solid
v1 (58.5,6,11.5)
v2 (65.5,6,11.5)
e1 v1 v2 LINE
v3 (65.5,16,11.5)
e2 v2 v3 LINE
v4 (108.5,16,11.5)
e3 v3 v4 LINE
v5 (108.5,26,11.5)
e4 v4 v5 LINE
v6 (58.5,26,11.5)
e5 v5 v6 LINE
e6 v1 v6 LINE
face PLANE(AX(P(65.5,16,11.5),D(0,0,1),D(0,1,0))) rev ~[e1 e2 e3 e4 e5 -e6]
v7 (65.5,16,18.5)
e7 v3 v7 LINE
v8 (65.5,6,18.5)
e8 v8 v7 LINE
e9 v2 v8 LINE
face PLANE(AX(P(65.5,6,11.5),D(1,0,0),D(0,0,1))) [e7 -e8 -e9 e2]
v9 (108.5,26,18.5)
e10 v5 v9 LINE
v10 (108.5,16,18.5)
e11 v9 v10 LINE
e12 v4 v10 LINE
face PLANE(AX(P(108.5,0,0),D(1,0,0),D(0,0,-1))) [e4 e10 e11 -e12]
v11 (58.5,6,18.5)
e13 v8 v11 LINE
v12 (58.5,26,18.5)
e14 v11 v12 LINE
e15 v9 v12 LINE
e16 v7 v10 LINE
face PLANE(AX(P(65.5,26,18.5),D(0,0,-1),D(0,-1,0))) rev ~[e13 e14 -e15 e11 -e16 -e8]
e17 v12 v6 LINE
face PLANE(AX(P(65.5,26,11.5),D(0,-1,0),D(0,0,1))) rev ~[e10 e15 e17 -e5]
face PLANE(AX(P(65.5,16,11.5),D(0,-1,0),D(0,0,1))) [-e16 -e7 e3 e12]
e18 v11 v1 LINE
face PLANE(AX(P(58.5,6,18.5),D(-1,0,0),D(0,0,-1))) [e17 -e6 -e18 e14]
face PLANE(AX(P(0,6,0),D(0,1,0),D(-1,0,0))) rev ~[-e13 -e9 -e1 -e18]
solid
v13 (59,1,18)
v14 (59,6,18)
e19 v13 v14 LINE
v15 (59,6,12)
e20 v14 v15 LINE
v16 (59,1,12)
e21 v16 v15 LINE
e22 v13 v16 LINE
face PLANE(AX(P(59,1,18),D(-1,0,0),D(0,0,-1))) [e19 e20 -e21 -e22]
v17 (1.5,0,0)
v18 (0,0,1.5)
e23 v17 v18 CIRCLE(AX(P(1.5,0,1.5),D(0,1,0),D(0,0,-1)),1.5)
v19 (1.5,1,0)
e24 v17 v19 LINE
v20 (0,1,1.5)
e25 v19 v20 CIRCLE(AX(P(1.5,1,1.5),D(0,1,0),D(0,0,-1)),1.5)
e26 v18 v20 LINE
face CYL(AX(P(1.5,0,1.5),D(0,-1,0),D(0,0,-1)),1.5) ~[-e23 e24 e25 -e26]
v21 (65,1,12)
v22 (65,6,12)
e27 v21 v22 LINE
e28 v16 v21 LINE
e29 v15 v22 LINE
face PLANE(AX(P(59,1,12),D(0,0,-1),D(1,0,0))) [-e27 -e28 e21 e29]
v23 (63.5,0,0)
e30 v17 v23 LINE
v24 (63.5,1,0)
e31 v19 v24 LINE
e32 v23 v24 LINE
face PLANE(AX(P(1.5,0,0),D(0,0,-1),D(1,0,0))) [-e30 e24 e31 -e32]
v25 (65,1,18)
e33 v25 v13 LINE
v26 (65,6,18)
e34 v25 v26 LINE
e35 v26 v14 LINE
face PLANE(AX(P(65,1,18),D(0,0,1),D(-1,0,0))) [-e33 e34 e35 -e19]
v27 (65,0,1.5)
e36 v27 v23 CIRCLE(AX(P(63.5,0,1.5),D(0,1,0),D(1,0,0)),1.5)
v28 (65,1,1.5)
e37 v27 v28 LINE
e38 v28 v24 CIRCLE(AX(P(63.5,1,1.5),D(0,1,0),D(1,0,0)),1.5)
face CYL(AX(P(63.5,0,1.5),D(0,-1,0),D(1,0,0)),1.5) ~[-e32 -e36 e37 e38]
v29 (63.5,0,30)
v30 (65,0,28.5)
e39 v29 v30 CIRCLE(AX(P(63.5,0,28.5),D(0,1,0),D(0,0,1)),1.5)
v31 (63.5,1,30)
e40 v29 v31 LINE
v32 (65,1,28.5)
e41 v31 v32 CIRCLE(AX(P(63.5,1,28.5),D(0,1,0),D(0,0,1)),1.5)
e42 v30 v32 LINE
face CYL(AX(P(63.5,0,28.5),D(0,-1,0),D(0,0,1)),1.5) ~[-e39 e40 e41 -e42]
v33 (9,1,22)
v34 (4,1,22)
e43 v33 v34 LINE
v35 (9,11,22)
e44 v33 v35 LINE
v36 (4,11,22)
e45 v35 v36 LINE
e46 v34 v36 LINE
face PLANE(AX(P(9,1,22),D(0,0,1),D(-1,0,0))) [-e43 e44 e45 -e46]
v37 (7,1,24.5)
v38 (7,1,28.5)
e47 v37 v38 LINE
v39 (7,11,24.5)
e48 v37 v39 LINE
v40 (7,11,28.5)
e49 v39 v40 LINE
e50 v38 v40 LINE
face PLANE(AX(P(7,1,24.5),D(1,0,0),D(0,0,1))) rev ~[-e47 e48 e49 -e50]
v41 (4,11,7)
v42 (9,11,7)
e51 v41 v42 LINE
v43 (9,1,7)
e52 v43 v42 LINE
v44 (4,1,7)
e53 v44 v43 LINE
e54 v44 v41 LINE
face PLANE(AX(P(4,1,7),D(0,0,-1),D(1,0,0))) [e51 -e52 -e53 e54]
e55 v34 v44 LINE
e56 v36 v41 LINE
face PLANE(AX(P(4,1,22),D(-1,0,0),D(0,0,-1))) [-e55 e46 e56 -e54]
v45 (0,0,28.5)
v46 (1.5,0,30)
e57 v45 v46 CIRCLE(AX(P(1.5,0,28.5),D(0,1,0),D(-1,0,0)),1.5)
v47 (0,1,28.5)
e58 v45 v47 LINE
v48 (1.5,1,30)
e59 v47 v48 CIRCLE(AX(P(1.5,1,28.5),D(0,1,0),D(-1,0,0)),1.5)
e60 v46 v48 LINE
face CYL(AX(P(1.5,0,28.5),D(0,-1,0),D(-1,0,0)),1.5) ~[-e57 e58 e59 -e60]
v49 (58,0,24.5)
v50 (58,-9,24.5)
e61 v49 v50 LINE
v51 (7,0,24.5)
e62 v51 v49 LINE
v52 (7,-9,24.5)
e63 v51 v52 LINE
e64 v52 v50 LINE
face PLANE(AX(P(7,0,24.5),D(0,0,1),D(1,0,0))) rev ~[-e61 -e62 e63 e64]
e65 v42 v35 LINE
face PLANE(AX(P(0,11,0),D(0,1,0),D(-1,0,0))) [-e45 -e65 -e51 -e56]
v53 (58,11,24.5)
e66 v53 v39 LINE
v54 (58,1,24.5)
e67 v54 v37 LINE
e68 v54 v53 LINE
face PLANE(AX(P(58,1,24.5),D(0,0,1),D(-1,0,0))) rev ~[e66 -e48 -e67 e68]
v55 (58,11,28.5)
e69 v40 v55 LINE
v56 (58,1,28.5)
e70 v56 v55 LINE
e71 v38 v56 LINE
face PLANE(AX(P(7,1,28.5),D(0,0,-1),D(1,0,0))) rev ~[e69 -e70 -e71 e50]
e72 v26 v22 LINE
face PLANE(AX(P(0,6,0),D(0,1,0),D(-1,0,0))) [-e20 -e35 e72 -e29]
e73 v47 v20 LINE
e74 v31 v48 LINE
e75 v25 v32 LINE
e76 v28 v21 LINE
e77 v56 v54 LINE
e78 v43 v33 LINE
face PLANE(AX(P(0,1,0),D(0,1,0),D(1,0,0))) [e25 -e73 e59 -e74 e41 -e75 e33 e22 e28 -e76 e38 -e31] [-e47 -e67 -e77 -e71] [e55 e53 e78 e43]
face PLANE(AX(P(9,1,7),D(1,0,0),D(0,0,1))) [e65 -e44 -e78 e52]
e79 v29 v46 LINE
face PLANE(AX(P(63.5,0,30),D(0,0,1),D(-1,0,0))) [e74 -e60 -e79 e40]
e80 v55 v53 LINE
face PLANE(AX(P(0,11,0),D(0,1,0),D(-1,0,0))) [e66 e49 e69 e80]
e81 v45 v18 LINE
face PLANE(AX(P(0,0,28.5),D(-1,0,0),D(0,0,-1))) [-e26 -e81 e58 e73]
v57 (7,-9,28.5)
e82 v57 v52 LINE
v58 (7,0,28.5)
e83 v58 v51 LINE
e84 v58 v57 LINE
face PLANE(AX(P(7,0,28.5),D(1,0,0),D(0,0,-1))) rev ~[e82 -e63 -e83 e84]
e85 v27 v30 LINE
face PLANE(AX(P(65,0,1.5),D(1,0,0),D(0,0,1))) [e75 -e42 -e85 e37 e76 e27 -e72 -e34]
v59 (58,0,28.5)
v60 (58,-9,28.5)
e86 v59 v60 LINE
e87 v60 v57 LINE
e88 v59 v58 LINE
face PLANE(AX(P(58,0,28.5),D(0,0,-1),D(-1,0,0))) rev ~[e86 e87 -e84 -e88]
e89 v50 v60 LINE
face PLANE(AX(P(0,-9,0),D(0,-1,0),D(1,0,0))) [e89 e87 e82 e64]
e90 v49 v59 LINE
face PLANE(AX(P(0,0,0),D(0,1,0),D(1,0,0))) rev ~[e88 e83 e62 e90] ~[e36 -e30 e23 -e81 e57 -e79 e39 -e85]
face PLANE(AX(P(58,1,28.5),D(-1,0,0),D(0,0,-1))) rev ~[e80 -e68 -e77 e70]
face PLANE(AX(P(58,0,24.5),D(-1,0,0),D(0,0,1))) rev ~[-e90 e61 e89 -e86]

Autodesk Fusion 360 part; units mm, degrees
sketch "Sketch1" plane through (0, 0, 0) normal (0, 1, 0) x (1, 0, 0)
  line L0 (1.5, 0) -> (63.5, 0)
  line L1 (65, -1.5) -> (65, -28.5)
  line L2 (63.5, -30) -> (1.5, -30)
  line L3 (0, -28.5) -> (0, -1.5)
  arc A0 (1.5, 0) -> (0, -1.5) centre (1.5, -1.5) ccw
  arc A1 (65, -1.5) -> (63.5, 0) centre (63.5, -1.5) ccw
  arc A2 (63.5, -30) -> (65, -28.5) centre (63.5, -28.5) ccw
  arc A3 (0, -28.5) -> (1.5, -30) centre (1.5, -28.5) ccw
  point P0 (65, 0)
  point P1 (0, -30)
  dimension "d1" = 65
  dimension "d2" = 30
  dimension "d3" = 1.5
  dimension "d4" = 1.5
  dimension "d5" = 1.5
  dimension "d6" = 1.5
extrude "Extrude6" add sketch "Sketch1" along normal blind 1 makes body 1
sketch "Sketch4" plane through (0, 1, 0) normal (0, 1, 0) x (-1, 0, 0)
  arc A0 (-1.5, 0) -> (0, 1.5) centre (-1.5, 1.5) ccw
  line L0 (0, 1.5) -> (0, 28.5)
  arc A1 (0, 28.5) -> (-1.5, 30) centre (-1.5, 28.5) ccw
  line L1 (-1.5, 30) -> (-63.5, 30)
  arc A2 (-63.5, 30) -> (-65, 28.5) centre (-63.5, 28.5) ccw
  line L2 (-65, 28.5) -> (-65, 1.5)
  arc A3 (-65, 1.5) -> (-63.5, 0) centre (-63.5, 1.5) ccw
  line L3 (-63.5, 0) -> (-1.5, 0)
  line L4 (0, 28.5) -> (-7, 28.5) construction
  line L5 (-65, 28.5) -> (-58, 28.5) construction
  line L6 (-7, 28.5) -> (-58, 28.5)
  line L7 (-58, 28.5) -> (-58, 24.5)
  line L8 (-58, 24.5) -> (-7, 24.5)
  line L9 (-7, 24.5) -> (-7, 28.5)
  dimension "d20" = 7
  dimension "d21" = 7
  dimension "d22" = 4
  dimension "d57" = 7
  dimension "d58" = 7
extrude "Extrude7" add sketch "Sketch4" along normal blind 10 contours L6 L7 L8 L9 bodies 1
sketch "Sketch6" plane through (0, 1, 0) normal (0, 1, 0) x (-1, 0, 0)
  line L0 (-7, 24.5) -> (-58, 24.5)
  line L1 (-58, 24.5) -> (-58, 28.5)
  line L2 (-58, 28.5) -> (-7, 28.5)
  line L3 (-7, 28.5) -> (-7, 24.5)
  arc A0 (-1.5, 0) -> (0, 1.5) centre (-1.5, 1.5) ccw
  line L4 (0, 1.5) -> (0, 28.5)
  arc A1 (0, 28.5) -> (-1.5, 30) centre (-1.5, 28.5) ccw
  line L5 (-1.5, 30) -> (-63.5, 30)
  arc A2 (-63.5, 30) -> (-65, 28.5) centre (-63.5, 28.5) ccw
  line L6 (-65, 28.5) -> (-65, 1.5)
  arc A3 (-65, 1.5) -> (-63.5, 0) centre (-63.5, 1.5) ccw
  line L7 (-63.5, 0) -> (-1.5, 0)
  line L8 (-59, 12) -> (-65, 12)
  line L9 (-65, 12) -> (-65, 18)
  line L10 (-65, 18) -> (-59, 18)
  line L11 (-59, 18) -> (-59, 12)
  line L12 (-1.5, 0) -> (-63.5, 0)
  line L13 (-63.5, 30) -> (-1.5, 30)
  line L14 (-65, 1.5) -> (-65, 28.5)
  dimension "d29" = 6
  dimension "d30" = 6
extrude "Extrude8" add sketch "Sketch6" along normal blind 5 contours L6 L8 L9 L10 L11 L14 bodies 1
sketch "Sketch7" plane through (0, 1, 0) normal (0, 1, 0) x (-1, 0, 0)
  line L0 (-65, 18) -> (-59, 18)
  line L1 (-59, 18) -> (-59, 12)
  line L2 (-59, 12) -> (-65, 12)
  line L3 (-65, 12) -> (-65, 1.5)
  arc A0 (-65, 1.5) -> (-63.5, 0) centre (-63.5, 1.5) ccw
  line L4 (-63.5, 0) -> (-1.5, 0)
  arc A1 (-1.5, 0) -> (0, 1.5) centre (-1.5, 1.5) ccw
  line L5 (0, 1.5) -> (0, 28.5)
  arc A2 (0, 28.5) -> (-1.5, 30) centre (-1.5, 28.5) ccw
  line L6 (-1.5, 30) -> (-63.5, 30)
  arc A3 (-63.5, 30) -> (-65, 28.5) centre (-63.5, 28.5) ccw
  line L7 (-65, 28.5) -> (-65, 18)
  line L8 (-7, 24.5) -> (-58, 24.5)
  line L9 (-58, 24.5) -> (-58, 28.5)
  line L10 (-58, 28.5) -> (-7, 28.5)
  line L11 (-7, 28.5) -> (-7, 24.5)
  line L12 (-4, 7) -> (-9, 7)
  line L13 (-9, 7) -> (-9, 22)
  line L14 (-9, 22) -> (-4, 22)
  line L15 (-4, 22) -> (-4, 7)
  line L16 (0, 28.5) -> (0, 1.5)
  line L17 (-1.5, 0) -> (-63.5, 0)
  dimension "d38" = 5
  dimension "d39" = 15
  dimension "d40" = 4
  dimension "d41" = 7
extrude "Extrude9" add sketch "Sketch7" along normal blind 10 contours L12 L13 L14 L15 bodies 1
sketch "Sketch8" plane through (0, 6, 0) normal (0, 1, 0) x (-1, 0, 0)
  line L0 (-59, 12) -> (-59, 18)
  line L1 (-59, 18) -> (-65, 18)
  line L2 (-65, 18) -> (-65, 12)
  line L3 (-65, 12) -> (-59, 12)
  line L4 (-58.5, 11.5) -> (-65.5, 11.5)
  line L5 (-65.5, 11.5) -> (-65.5, 18.5)
  line L6 (-65.5, 18.5) -> (-58.5, 18.5)
  line L7 (-58.5, 18.5) -> (-58.5, 11.5)
  line L8 (-58.5, 11.5) -> (-65.5, 18.5) construction
  line L9 (-65.5, 11.5) -> (-58.5, 18.5) construction
  point P0 (-62, 15)
  point P1 (-62, 15)
  dimension "d46" = 3
  dimension "d47" = 3
  dimension "d48" = 7
  dimension "d49" = 7
extrude "Extrude1" add sketch "Sketch8" along normal blind 20 separate body contours L0 L1 L2 L3 | L4 L5 L6 L7 makes body 2 in component "Antenna"
sketch "Sketch1 (2)" plane through (65.5, 0, 0) normal (1, 0, 0) x (0, 0, -1) in component "Antenna"
  line L0 (-18.5, 6) -> (-11.5, 6)
  line L1 (-11.5, 6) -> (-11.5, 26)
  line L2 (-11.5, 26) -> (-18.5, 26)
  line L3 (-18.5, 26) -> (-18.5, 6)
  line L4 (-18.5, 26) -> (-11.5, 26)
  line L5 (-11.5, 26) -> (-11.5, 16)
  line L6 (-11.5, 16) -> (-18.5, 16)
  line L7 (-18.5, 16) -> (-18.5, 26)
  dimension "d52" = 10
extrude "Extrude2" add sketch "Sketch1 (2)" along normal blind 43 contours L1 L2 L3 L4 L5 L6 L7 bodies 2 in component "Antenna"
sketch "Sketch10" plane through (0, 0, 0) normal (0, -1, 0) x (1, 0, 0)
  arc A0 (0, 1.5) -> (1.5, 0) centre (1.5, 1.5) ccw
  line L0 (1.5, 0) -> (63.5, 0)
  arc A1 (63.5, 0) -> (65, 1.5) centre (63.5, 1.5) ccw
  line L1 (65, 1.5) -> (65, 28.5)
  arc A2 (65, 28.5) -> (63.5, 30) centre (63.5, 28.5) ccw
  line L2 (63.5, 30) -> (1.5, 30)
  arc A3 (1.5, 30) -> (0, 28.5) centre (1.5, 28.5) ccw
  line L3 (0, 28.5) -> (0, 1.5)
  line L4 (7, 24.5) -> (58, 24.5) construction
  line L5 (58, 24.5) -> (58, 28.5) construction
  line L6 (58, 28.5) -> (7, 28.5) construction
  line L7 (7, 28.5) -> (7, 24.5) construction
  line L8 (7, 24.5) -> (58, 24.5)
  line L9 (58, 24.5) -> (58, 28.5)
  line L10 (58, 28.5) -> (7, 28.5)
  line L11 (7, 28.5) -> (7, 24.5)
extrude "Extrude10" add sketch "Sketch10" along normal blind 9 contours L8 L9 L10 L11 bodies 1
component "Antenna" placed x (1, 0, 0) y (0, 1, 0) z (0, 0, 1) at (0, 0, 0)
